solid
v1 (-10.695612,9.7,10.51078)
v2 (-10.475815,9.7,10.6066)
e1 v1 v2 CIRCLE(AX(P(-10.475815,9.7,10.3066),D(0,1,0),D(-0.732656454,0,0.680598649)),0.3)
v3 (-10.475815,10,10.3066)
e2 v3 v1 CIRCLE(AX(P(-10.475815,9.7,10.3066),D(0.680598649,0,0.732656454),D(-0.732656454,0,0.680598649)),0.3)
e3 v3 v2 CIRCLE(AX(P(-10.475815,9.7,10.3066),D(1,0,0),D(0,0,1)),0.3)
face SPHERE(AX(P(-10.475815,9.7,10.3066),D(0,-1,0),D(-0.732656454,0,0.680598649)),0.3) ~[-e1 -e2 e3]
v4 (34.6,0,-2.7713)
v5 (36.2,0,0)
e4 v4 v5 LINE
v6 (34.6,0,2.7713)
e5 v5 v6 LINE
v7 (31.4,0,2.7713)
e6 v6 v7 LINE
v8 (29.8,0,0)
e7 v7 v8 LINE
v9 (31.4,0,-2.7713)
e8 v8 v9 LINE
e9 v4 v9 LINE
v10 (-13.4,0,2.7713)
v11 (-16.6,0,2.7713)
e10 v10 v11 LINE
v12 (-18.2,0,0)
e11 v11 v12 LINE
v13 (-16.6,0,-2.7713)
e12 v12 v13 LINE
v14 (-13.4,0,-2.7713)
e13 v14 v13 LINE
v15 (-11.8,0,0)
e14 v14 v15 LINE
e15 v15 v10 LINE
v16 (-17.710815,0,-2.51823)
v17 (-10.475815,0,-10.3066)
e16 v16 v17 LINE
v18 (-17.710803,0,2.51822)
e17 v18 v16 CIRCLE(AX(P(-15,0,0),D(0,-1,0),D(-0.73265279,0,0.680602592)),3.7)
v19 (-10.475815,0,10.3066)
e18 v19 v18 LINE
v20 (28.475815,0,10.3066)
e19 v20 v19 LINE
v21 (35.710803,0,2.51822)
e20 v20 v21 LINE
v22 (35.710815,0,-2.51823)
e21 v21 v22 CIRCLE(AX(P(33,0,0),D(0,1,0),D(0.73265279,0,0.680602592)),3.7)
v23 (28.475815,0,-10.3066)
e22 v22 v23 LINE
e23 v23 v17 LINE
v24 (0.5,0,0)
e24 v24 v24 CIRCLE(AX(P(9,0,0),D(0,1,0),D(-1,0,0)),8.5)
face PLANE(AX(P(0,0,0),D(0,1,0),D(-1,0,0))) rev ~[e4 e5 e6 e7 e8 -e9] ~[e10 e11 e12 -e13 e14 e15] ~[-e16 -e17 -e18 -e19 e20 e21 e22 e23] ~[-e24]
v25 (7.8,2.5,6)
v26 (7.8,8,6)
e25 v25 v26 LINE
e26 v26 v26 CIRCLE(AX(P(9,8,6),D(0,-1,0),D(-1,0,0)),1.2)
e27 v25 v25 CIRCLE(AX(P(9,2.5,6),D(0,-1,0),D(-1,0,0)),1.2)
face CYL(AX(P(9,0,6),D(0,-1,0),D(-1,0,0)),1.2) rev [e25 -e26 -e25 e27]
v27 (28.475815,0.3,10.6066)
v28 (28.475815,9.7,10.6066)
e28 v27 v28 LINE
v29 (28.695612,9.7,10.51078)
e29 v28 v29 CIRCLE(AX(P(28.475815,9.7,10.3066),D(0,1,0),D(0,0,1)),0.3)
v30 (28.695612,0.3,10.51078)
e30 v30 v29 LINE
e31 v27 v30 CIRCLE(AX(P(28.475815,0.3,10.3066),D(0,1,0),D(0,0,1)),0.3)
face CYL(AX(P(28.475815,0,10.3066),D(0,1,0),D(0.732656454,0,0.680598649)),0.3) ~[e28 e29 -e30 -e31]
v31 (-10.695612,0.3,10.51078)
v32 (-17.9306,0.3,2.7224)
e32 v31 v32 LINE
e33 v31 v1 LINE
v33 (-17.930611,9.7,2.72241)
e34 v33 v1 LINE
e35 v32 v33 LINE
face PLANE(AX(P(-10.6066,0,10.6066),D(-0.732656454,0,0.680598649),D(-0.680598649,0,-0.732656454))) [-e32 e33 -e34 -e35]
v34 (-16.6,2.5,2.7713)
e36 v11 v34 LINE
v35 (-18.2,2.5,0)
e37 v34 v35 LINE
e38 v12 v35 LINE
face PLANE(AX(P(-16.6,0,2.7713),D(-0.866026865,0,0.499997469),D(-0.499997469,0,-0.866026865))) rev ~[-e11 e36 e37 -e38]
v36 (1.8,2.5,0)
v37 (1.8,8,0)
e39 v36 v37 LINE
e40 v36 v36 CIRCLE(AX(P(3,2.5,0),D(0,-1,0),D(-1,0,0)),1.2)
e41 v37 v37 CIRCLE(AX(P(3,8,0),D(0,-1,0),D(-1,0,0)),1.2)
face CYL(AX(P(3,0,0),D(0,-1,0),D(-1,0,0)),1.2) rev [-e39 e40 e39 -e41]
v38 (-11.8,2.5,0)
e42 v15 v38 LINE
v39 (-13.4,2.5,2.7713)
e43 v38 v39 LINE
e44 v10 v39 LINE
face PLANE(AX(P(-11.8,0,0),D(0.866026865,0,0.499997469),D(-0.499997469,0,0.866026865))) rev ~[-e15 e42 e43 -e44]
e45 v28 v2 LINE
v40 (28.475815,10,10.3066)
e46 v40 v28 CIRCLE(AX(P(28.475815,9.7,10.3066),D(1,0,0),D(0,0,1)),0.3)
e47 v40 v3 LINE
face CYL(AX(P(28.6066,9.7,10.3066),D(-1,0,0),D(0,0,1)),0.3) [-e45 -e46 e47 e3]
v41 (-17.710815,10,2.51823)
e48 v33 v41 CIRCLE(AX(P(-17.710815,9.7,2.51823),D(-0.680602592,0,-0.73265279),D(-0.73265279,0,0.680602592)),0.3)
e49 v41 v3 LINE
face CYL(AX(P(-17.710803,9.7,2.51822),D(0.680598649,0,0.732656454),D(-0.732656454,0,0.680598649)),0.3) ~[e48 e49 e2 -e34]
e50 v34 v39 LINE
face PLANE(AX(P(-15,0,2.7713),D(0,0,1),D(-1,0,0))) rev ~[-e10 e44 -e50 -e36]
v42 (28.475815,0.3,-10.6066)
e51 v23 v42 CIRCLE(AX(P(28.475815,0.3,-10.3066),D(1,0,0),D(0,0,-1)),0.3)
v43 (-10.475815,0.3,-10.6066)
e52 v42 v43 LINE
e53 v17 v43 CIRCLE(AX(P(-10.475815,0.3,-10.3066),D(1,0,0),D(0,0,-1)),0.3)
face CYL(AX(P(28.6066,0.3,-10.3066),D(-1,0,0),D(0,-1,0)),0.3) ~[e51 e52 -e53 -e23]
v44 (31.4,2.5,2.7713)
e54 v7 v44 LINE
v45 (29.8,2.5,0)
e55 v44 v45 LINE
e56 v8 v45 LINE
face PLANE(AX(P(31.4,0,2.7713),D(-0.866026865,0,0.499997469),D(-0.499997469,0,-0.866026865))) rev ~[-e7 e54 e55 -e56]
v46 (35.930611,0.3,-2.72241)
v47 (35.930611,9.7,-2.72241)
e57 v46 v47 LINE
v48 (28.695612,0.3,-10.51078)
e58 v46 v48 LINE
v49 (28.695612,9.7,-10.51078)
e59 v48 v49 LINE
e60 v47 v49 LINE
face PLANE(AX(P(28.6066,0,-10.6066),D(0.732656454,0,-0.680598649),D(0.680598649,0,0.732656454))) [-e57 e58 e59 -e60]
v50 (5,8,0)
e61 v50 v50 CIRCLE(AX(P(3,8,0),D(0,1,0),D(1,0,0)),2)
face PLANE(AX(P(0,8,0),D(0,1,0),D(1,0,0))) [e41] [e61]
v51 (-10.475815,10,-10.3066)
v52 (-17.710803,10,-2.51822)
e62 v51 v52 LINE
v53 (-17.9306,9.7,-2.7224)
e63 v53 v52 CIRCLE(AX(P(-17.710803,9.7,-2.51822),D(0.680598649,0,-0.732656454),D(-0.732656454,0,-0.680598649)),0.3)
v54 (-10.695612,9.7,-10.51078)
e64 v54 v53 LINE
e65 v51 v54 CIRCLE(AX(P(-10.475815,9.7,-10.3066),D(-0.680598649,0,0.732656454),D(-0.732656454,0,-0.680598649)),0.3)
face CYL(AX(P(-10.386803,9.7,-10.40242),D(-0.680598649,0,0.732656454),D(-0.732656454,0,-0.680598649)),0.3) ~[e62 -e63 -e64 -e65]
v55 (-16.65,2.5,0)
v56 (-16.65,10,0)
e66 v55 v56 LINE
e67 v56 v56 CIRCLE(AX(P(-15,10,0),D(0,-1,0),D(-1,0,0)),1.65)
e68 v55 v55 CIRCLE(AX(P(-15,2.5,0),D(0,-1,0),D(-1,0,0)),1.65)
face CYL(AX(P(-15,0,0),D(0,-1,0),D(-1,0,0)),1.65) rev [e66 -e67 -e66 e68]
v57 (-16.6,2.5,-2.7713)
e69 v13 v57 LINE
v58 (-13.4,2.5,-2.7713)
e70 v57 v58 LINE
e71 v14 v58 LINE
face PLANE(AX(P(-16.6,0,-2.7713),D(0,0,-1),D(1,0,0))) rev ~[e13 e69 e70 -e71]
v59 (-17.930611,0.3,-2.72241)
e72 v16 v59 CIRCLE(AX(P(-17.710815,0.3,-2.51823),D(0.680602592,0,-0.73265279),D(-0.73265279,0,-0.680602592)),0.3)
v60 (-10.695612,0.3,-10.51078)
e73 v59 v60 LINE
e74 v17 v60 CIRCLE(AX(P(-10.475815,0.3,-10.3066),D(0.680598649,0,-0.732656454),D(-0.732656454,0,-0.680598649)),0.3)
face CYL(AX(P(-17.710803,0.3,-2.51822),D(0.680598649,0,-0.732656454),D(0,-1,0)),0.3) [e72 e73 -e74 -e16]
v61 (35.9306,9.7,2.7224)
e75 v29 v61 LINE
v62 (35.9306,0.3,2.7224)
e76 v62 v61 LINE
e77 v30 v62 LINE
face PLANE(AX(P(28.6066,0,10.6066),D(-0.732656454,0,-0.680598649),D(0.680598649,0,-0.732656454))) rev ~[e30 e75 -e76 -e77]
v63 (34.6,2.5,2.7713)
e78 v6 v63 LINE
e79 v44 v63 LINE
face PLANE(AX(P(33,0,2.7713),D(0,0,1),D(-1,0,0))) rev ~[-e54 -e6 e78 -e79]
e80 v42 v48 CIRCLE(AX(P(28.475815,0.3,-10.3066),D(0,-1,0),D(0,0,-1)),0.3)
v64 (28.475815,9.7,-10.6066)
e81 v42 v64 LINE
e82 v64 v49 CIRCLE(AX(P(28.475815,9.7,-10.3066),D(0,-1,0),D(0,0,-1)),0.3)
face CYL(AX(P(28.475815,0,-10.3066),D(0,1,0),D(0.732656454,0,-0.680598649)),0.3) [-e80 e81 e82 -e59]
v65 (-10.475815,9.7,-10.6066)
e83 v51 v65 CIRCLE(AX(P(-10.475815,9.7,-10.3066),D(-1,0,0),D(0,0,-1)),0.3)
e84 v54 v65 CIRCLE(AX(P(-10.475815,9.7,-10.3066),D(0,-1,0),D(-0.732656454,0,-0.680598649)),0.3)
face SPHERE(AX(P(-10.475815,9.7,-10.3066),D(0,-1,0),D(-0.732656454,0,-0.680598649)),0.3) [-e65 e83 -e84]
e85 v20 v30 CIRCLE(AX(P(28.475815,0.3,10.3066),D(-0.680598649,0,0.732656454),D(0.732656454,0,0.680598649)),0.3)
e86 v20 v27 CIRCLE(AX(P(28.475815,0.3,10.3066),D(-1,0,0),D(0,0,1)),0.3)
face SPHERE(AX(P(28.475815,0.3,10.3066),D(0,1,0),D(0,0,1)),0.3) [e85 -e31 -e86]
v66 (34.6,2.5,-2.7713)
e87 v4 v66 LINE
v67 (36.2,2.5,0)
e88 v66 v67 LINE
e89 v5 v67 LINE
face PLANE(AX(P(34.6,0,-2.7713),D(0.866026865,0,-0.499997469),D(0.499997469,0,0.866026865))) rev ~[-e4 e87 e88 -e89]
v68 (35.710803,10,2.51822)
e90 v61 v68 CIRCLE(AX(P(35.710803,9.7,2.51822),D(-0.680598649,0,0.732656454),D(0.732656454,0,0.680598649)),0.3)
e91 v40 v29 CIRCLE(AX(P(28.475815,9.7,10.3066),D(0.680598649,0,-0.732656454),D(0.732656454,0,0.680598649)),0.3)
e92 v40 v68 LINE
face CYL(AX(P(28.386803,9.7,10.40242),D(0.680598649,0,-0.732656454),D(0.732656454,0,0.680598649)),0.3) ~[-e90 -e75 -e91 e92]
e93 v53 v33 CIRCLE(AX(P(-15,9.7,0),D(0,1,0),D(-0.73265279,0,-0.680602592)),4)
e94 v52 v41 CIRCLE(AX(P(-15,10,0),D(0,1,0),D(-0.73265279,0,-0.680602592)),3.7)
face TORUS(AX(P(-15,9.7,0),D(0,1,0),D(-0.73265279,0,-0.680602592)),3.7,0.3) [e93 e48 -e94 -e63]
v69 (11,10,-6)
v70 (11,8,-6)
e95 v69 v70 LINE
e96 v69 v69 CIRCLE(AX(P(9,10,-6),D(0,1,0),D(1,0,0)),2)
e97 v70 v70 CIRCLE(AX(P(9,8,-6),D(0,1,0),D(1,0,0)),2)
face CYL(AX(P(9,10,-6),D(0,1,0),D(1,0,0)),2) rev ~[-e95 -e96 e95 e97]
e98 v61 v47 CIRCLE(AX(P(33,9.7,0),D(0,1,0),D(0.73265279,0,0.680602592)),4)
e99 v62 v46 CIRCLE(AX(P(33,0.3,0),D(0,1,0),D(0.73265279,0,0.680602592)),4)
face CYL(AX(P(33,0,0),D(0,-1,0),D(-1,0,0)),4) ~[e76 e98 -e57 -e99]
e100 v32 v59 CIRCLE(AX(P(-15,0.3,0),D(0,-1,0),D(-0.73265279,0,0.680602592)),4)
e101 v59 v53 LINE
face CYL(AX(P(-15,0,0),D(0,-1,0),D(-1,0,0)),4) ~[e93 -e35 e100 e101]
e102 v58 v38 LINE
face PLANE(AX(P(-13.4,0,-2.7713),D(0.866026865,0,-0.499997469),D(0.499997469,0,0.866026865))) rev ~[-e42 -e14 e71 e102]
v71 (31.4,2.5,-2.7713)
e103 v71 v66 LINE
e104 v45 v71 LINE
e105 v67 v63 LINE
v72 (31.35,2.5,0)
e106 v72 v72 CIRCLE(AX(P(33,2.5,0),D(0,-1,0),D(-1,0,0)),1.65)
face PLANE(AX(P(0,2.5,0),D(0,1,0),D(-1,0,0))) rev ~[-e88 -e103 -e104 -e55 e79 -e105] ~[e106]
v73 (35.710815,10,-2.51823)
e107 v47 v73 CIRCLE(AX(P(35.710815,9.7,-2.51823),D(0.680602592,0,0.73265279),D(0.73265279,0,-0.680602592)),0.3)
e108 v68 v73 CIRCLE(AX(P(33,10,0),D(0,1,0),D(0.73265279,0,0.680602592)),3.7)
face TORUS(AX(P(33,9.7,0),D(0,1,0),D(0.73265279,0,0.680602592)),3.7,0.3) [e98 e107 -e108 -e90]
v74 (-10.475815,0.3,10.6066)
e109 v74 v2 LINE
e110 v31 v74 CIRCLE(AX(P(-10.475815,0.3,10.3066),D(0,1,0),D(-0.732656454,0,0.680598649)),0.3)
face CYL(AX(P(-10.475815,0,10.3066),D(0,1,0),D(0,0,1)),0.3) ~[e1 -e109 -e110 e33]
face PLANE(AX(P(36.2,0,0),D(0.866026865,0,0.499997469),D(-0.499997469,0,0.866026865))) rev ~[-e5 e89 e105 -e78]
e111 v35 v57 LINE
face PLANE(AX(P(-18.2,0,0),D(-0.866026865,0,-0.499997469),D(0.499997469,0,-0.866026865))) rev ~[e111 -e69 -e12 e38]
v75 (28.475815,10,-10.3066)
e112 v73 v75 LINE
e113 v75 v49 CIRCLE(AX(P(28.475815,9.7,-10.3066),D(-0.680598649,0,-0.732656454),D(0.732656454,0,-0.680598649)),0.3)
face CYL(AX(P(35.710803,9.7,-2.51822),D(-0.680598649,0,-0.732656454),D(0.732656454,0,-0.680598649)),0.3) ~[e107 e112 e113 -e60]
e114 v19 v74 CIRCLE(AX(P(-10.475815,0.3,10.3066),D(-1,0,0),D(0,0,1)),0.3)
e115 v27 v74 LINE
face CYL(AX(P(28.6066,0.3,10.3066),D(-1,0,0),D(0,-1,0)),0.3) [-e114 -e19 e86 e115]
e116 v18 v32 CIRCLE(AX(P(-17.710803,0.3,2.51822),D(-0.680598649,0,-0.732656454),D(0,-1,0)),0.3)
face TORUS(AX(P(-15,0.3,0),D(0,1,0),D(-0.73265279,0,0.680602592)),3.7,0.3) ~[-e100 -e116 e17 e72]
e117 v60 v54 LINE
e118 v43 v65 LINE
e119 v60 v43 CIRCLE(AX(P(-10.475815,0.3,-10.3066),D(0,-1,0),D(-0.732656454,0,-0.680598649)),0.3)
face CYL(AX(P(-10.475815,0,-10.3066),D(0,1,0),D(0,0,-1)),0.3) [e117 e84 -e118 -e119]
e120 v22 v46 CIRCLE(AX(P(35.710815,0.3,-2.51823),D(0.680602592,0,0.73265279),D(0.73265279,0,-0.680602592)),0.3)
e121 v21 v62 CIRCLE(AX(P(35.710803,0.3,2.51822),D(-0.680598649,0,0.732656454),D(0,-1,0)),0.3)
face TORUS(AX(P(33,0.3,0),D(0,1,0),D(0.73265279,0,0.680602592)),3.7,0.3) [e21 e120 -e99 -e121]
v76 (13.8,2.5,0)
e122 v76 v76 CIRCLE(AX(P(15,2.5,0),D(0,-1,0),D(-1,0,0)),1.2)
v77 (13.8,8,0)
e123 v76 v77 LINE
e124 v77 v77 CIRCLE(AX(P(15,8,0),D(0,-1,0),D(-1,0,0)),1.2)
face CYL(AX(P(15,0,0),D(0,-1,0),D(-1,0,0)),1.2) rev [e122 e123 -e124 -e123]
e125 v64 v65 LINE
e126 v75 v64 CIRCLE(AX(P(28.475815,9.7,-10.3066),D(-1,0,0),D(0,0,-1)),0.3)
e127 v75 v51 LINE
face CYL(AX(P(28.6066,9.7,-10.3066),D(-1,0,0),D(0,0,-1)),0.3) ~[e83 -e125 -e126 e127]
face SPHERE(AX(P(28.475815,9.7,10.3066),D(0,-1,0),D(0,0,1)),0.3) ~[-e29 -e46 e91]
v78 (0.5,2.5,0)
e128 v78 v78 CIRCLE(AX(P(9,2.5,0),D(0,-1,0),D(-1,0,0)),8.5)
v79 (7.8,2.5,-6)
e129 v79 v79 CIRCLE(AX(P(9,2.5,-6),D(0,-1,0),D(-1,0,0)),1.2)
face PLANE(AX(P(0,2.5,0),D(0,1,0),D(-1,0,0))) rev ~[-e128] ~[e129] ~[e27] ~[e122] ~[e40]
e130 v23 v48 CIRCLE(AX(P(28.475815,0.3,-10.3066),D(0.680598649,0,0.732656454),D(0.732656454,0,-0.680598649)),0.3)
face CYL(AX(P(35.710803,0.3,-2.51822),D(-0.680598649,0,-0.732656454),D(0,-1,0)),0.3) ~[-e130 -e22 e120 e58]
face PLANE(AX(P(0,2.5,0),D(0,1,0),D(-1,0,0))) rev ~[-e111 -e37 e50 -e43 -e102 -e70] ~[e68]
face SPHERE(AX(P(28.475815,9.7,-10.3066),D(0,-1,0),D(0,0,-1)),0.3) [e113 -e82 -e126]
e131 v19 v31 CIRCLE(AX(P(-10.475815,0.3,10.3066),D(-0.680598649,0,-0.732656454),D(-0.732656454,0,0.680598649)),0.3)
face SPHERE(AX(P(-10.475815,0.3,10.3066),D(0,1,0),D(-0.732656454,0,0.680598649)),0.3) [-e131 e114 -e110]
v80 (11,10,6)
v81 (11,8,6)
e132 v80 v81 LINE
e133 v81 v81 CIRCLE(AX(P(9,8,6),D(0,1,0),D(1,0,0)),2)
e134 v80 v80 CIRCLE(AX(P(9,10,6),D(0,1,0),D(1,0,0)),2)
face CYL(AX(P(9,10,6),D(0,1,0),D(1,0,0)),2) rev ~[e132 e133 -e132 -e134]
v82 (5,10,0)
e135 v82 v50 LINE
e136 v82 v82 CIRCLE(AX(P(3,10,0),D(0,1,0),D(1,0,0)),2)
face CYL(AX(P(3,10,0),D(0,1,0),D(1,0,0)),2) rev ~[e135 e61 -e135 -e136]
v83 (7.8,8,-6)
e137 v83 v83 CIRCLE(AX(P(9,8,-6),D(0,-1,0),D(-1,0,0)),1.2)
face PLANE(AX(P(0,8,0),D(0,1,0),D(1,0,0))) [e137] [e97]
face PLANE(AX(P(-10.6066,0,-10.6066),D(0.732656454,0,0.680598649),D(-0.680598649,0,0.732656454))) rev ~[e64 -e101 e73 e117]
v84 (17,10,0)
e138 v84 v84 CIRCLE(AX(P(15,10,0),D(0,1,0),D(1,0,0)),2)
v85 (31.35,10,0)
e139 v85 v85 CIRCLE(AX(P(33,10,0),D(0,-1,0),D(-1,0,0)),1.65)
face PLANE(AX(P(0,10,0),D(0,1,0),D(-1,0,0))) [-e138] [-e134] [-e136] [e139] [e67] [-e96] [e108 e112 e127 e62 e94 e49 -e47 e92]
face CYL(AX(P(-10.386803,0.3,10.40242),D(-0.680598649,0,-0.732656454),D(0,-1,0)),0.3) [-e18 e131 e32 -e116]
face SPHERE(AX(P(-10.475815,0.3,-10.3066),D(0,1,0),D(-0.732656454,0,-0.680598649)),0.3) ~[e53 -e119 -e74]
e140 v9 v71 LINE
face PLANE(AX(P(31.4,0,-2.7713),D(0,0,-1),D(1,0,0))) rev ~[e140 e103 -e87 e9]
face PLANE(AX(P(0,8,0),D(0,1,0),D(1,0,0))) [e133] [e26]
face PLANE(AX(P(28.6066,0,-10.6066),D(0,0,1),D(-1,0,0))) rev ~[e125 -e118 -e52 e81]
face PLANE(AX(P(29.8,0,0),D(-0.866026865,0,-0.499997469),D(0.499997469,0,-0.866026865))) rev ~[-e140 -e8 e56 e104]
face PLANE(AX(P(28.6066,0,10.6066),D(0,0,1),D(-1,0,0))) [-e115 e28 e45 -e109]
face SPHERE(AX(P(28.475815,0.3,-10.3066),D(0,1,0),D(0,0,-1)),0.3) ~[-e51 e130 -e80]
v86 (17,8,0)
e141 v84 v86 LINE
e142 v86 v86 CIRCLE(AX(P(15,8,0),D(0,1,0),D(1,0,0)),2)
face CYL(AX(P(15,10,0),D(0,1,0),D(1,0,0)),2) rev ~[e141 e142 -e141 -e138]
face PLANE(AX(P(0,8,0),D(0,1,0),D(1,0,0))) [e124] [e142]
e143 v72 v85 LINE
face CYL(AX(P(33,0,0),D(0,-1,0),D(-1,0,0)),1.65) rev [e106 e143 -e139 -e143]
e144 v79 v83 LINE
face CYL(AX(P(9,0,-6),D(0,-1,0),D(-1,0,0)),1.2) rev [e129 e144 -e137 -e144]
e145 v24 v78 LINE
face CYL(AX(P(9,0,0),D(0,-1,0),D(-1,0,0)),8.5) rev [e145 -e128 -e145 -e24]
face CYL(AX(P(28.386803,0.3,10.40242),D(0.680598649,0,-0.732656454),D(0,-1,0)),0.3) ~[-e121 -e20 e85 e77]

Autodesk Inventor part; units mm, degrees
ref_plane "YZ Plane" through (0, 0, 0) normal (1, 0, 0) x (0, 1, 0)
ref_plane "XZ Plane" through (0, 0, 0) normal (0, 1, 0) x (-1, 0, 0)
ref_plane "XY Plane" through (0, 0, 0) normal (0, 0, 1) x (1, 0, 0)
sketch "Sketch1" plane through (0, 0, 0) normal (0, 1, 0) x (-1, 0, 0)
  circle A0 centre (-9, 0) radius 8.5
  circle A1 centre (15, 0) radius 4
  line L0 (10.6066, -10.6066) -> (17.9306, -2.7224)
  line L1 (10.6066, 10.6066) -> (17.9306, 2.7224)
  line L2 (16.6, -2.7713) -> (13.4, -2.7713)
  line L3 (13.4, -2.7713) -> (11.8, 0)
  line L4 (11.8, 0) -> (13.4, 2.7713)
  line L5 (13.4, 2.7713) -> (16.6, 2.7713)
  line L6 (16.6, 2.7713) -> (18.2, 0)
  line L7 (18.2, 0) -> (16.6, -2.7713)
  line L8 (15, -2.7713) -> (15, 2.7713)
  line L9 (11.8, 0) -> (15, 0)
  circle A2 centre (-9, 0) radius 6
  circle A3 centre (-9, -6) radius 1.2
  circle A4 centre (-15, 0) radius 1.2
  circle A5 centre (-9, 6) radius 1.2
  circle A6 centre (-3, 0) radius 1.2
  circle A7 centre (15, 0) radius 1.65
  line L10 (11, 0) -> (-29, 0)
  circle A8 centre (-33, 0) radius 4
  line L11 (-28.6066, -10.6066) -> (-35.9306, -2.7224)
  line L12 (-28.6066, 10.6066) -> (-35.9306, 2.7224)
  line L13 (-31.4, -2.7713) -> (-34.6, -2.7713)
  line L14 (-34.6, -2.7713) -> (-36.2, 0)
  line L15 (-36.2, 0) -> (-34.6, 2.7713)
  line L16 (-36.2, 0) -> (-33, 0)
  line L17 (-33, -2.7713) -> (-33, 2.7713)
  line L18 (-34.6, 2.7713) -> (-31.4, 2.7713)
  line L19 (-29.8, 0) -> (-31.4, -2.7713)
  line L20 (-31.4, 2.7713) -> (-29.8, 0)
  circle A9 centre (-33, 0) radius 1.65
  line L21 (-28.6066, -10.6066) -> (10.6066, -10.6066)
  line L22 (-28.6066, 10.6066) -> (10.6066, 10.6066)
  dimension "d49" = 4
  dimension "d55" = 8
  dimension "d22" = 3.2
  dimension "d34" = 12
  dimension "d35" = 2.4
  dimension "d36" = 2.4
  dimension "d37" = 2.4
  dimension "d38" = 2.4
  dimension "d43" = 3.3
  dimension "d54" = 40
  dimension "d56" = 3.2
  dimension "d57" = 3.2
  dimension "d58" = 120
  dimension "d59" = 3.2
  dimension "d60" = 120
  dimension "d61" = 3.3
extrude "Extrusion1" add sketch "Sketch1" along normal blind 10 contours L10 A6 A2 A5 A4 A0 | L10 A1 L0 L21 L11 A8 A0 | A0 L10 A8 L12 L22 L1 A1 | A0 L10 A4 A2 A3 A6 | A1 | L10 A2 A6 | A6 A2 L10 | L10 A2 A4 | A4 A2 L10 | A8 | A6 L10 A4 A2 A5 | A2 L10 A6 | A6 L10 A2 | A2 A3 A4 L10 A6 | A4 L10 A2 | A2 L10 A4 | A5 A2 | A2 A5 | A3 A2 | A2 A3 | L2 L8 A7 L5 L6 L7 | L2 L3 L9 A7 L8 | A7 L9 L8 | L8 A7 | L4 L5 L8 A7 L9 | L9 A7 L8 | L13 L17 A9 L18 L20 L19 | L13 L14 L16 A9 L17 | A9 L16 L17 | L17 A9 | L15 L18 L17 A9 L16 | L16 A9 L17
extrude "Extrusion2" cut sketch "Sketch1" along normal blind 2.5 contours L10 A6 A2 A5 A4 A0 | A0 L10 A4 A2 A3 A6 | L10 A2 A6 | A6 A2 L10 | L10 A2 A4 | A4 A2 L10 | A6 L10 A4 A2 A5 | A2 L10 A6 | A6 L10 A2 | A2 A3 A4 L10 A6 | A4 L10 A2 | A2 L10 A4 | A5 A2 | A2 A5 | A3 A2 | A2 A3 | L2 L8 A7 L5 L6 L7 | L2 L3 L9 A7 L8 | A7 L9 L8 | L8 A7 | L4 L5 L8 A7 L9 | L9 A7 L8 | L13 L17 A9 L18 L20 L19 | L13 L14 L16 A9 L17 | A9 L16 L17 | L17 A9 | L15 L18 L17 A9 L16 | L16 A9 L17
extrude "Extrusion3" cut sketch "Sketch1" along normal blind 10 contours L10 A2 A6 | A6 A2 L10 | L10 A2 A4 | A4 A2 L10 | A2 L10 A6 | A6 L10 A2 | A4 L10 A2 | A2 L10 A4 | A5 A2 | A2 A5 | A3 A2 | A2 A3 | A7 L9 L8 | L8 A7 | L9 A7 L8 | A9 L16 L17 | L17 A9 | L16 A9 L17
fillet "Fillet1" radius 0.3 20 edges at (-19, 0, 0) (-14.2686, 0, 6.6645) (-14.2686, 0, -6.6645) (-19, 10, 0) (-14.2686, 10, 6.6645) (-14.2686, 10, -6.6645) (9, 10, 10.6066) (9, 0, 10.6066) (9, 10, -10.6066) (9, 0, -10.6066) (-10.6066, 5, -10.6066) (-10.6066, 5, 10.6066) (37, 0, 0) (32.2686, 0, -6.6645) (32.2686, 0, 6.6645) (37, 10, 0) (32.2686, 10, -6.6645) (32.2686, 10, 6.6645) (28.6066, 5, -10.6066) (28.6066, 5, 10.6066)
sketch "Sketch2" plane through (0, 10, 0) normal (0, 1, 0) x (1, 0, 0)
  circle A0 centre (3, 0) radius 1.2 projected
  circle A1 centre (3, 0) radius 2
  circle A2 centre (9, 6) radius 1.2 projected
  circle A3 centre (9, 6) radius 2
  circle A4 centre (15, 0) radius 1.2 projected
  circle A5 centre (15, 0) radius 2
  circle A6 centre (9, -6) radius 1.2 projected
  circle A7 centre (9, -6) radius 2
  point P0 (0, 0)
  dimension "d22" = 3.2
  dimension "d43" = 3.3
  dimension "d48" = 4
  dimension "d49" = 4
  dimension "d50" = 4
  dimension "d51" = 4
extrude "Extrusion5" cut sketch "Sketch2" against normal blind 2 contours A0 | A1 | A2 | A3 | A4 | A5 | A6 | A7
properties part number "neck_v2"
